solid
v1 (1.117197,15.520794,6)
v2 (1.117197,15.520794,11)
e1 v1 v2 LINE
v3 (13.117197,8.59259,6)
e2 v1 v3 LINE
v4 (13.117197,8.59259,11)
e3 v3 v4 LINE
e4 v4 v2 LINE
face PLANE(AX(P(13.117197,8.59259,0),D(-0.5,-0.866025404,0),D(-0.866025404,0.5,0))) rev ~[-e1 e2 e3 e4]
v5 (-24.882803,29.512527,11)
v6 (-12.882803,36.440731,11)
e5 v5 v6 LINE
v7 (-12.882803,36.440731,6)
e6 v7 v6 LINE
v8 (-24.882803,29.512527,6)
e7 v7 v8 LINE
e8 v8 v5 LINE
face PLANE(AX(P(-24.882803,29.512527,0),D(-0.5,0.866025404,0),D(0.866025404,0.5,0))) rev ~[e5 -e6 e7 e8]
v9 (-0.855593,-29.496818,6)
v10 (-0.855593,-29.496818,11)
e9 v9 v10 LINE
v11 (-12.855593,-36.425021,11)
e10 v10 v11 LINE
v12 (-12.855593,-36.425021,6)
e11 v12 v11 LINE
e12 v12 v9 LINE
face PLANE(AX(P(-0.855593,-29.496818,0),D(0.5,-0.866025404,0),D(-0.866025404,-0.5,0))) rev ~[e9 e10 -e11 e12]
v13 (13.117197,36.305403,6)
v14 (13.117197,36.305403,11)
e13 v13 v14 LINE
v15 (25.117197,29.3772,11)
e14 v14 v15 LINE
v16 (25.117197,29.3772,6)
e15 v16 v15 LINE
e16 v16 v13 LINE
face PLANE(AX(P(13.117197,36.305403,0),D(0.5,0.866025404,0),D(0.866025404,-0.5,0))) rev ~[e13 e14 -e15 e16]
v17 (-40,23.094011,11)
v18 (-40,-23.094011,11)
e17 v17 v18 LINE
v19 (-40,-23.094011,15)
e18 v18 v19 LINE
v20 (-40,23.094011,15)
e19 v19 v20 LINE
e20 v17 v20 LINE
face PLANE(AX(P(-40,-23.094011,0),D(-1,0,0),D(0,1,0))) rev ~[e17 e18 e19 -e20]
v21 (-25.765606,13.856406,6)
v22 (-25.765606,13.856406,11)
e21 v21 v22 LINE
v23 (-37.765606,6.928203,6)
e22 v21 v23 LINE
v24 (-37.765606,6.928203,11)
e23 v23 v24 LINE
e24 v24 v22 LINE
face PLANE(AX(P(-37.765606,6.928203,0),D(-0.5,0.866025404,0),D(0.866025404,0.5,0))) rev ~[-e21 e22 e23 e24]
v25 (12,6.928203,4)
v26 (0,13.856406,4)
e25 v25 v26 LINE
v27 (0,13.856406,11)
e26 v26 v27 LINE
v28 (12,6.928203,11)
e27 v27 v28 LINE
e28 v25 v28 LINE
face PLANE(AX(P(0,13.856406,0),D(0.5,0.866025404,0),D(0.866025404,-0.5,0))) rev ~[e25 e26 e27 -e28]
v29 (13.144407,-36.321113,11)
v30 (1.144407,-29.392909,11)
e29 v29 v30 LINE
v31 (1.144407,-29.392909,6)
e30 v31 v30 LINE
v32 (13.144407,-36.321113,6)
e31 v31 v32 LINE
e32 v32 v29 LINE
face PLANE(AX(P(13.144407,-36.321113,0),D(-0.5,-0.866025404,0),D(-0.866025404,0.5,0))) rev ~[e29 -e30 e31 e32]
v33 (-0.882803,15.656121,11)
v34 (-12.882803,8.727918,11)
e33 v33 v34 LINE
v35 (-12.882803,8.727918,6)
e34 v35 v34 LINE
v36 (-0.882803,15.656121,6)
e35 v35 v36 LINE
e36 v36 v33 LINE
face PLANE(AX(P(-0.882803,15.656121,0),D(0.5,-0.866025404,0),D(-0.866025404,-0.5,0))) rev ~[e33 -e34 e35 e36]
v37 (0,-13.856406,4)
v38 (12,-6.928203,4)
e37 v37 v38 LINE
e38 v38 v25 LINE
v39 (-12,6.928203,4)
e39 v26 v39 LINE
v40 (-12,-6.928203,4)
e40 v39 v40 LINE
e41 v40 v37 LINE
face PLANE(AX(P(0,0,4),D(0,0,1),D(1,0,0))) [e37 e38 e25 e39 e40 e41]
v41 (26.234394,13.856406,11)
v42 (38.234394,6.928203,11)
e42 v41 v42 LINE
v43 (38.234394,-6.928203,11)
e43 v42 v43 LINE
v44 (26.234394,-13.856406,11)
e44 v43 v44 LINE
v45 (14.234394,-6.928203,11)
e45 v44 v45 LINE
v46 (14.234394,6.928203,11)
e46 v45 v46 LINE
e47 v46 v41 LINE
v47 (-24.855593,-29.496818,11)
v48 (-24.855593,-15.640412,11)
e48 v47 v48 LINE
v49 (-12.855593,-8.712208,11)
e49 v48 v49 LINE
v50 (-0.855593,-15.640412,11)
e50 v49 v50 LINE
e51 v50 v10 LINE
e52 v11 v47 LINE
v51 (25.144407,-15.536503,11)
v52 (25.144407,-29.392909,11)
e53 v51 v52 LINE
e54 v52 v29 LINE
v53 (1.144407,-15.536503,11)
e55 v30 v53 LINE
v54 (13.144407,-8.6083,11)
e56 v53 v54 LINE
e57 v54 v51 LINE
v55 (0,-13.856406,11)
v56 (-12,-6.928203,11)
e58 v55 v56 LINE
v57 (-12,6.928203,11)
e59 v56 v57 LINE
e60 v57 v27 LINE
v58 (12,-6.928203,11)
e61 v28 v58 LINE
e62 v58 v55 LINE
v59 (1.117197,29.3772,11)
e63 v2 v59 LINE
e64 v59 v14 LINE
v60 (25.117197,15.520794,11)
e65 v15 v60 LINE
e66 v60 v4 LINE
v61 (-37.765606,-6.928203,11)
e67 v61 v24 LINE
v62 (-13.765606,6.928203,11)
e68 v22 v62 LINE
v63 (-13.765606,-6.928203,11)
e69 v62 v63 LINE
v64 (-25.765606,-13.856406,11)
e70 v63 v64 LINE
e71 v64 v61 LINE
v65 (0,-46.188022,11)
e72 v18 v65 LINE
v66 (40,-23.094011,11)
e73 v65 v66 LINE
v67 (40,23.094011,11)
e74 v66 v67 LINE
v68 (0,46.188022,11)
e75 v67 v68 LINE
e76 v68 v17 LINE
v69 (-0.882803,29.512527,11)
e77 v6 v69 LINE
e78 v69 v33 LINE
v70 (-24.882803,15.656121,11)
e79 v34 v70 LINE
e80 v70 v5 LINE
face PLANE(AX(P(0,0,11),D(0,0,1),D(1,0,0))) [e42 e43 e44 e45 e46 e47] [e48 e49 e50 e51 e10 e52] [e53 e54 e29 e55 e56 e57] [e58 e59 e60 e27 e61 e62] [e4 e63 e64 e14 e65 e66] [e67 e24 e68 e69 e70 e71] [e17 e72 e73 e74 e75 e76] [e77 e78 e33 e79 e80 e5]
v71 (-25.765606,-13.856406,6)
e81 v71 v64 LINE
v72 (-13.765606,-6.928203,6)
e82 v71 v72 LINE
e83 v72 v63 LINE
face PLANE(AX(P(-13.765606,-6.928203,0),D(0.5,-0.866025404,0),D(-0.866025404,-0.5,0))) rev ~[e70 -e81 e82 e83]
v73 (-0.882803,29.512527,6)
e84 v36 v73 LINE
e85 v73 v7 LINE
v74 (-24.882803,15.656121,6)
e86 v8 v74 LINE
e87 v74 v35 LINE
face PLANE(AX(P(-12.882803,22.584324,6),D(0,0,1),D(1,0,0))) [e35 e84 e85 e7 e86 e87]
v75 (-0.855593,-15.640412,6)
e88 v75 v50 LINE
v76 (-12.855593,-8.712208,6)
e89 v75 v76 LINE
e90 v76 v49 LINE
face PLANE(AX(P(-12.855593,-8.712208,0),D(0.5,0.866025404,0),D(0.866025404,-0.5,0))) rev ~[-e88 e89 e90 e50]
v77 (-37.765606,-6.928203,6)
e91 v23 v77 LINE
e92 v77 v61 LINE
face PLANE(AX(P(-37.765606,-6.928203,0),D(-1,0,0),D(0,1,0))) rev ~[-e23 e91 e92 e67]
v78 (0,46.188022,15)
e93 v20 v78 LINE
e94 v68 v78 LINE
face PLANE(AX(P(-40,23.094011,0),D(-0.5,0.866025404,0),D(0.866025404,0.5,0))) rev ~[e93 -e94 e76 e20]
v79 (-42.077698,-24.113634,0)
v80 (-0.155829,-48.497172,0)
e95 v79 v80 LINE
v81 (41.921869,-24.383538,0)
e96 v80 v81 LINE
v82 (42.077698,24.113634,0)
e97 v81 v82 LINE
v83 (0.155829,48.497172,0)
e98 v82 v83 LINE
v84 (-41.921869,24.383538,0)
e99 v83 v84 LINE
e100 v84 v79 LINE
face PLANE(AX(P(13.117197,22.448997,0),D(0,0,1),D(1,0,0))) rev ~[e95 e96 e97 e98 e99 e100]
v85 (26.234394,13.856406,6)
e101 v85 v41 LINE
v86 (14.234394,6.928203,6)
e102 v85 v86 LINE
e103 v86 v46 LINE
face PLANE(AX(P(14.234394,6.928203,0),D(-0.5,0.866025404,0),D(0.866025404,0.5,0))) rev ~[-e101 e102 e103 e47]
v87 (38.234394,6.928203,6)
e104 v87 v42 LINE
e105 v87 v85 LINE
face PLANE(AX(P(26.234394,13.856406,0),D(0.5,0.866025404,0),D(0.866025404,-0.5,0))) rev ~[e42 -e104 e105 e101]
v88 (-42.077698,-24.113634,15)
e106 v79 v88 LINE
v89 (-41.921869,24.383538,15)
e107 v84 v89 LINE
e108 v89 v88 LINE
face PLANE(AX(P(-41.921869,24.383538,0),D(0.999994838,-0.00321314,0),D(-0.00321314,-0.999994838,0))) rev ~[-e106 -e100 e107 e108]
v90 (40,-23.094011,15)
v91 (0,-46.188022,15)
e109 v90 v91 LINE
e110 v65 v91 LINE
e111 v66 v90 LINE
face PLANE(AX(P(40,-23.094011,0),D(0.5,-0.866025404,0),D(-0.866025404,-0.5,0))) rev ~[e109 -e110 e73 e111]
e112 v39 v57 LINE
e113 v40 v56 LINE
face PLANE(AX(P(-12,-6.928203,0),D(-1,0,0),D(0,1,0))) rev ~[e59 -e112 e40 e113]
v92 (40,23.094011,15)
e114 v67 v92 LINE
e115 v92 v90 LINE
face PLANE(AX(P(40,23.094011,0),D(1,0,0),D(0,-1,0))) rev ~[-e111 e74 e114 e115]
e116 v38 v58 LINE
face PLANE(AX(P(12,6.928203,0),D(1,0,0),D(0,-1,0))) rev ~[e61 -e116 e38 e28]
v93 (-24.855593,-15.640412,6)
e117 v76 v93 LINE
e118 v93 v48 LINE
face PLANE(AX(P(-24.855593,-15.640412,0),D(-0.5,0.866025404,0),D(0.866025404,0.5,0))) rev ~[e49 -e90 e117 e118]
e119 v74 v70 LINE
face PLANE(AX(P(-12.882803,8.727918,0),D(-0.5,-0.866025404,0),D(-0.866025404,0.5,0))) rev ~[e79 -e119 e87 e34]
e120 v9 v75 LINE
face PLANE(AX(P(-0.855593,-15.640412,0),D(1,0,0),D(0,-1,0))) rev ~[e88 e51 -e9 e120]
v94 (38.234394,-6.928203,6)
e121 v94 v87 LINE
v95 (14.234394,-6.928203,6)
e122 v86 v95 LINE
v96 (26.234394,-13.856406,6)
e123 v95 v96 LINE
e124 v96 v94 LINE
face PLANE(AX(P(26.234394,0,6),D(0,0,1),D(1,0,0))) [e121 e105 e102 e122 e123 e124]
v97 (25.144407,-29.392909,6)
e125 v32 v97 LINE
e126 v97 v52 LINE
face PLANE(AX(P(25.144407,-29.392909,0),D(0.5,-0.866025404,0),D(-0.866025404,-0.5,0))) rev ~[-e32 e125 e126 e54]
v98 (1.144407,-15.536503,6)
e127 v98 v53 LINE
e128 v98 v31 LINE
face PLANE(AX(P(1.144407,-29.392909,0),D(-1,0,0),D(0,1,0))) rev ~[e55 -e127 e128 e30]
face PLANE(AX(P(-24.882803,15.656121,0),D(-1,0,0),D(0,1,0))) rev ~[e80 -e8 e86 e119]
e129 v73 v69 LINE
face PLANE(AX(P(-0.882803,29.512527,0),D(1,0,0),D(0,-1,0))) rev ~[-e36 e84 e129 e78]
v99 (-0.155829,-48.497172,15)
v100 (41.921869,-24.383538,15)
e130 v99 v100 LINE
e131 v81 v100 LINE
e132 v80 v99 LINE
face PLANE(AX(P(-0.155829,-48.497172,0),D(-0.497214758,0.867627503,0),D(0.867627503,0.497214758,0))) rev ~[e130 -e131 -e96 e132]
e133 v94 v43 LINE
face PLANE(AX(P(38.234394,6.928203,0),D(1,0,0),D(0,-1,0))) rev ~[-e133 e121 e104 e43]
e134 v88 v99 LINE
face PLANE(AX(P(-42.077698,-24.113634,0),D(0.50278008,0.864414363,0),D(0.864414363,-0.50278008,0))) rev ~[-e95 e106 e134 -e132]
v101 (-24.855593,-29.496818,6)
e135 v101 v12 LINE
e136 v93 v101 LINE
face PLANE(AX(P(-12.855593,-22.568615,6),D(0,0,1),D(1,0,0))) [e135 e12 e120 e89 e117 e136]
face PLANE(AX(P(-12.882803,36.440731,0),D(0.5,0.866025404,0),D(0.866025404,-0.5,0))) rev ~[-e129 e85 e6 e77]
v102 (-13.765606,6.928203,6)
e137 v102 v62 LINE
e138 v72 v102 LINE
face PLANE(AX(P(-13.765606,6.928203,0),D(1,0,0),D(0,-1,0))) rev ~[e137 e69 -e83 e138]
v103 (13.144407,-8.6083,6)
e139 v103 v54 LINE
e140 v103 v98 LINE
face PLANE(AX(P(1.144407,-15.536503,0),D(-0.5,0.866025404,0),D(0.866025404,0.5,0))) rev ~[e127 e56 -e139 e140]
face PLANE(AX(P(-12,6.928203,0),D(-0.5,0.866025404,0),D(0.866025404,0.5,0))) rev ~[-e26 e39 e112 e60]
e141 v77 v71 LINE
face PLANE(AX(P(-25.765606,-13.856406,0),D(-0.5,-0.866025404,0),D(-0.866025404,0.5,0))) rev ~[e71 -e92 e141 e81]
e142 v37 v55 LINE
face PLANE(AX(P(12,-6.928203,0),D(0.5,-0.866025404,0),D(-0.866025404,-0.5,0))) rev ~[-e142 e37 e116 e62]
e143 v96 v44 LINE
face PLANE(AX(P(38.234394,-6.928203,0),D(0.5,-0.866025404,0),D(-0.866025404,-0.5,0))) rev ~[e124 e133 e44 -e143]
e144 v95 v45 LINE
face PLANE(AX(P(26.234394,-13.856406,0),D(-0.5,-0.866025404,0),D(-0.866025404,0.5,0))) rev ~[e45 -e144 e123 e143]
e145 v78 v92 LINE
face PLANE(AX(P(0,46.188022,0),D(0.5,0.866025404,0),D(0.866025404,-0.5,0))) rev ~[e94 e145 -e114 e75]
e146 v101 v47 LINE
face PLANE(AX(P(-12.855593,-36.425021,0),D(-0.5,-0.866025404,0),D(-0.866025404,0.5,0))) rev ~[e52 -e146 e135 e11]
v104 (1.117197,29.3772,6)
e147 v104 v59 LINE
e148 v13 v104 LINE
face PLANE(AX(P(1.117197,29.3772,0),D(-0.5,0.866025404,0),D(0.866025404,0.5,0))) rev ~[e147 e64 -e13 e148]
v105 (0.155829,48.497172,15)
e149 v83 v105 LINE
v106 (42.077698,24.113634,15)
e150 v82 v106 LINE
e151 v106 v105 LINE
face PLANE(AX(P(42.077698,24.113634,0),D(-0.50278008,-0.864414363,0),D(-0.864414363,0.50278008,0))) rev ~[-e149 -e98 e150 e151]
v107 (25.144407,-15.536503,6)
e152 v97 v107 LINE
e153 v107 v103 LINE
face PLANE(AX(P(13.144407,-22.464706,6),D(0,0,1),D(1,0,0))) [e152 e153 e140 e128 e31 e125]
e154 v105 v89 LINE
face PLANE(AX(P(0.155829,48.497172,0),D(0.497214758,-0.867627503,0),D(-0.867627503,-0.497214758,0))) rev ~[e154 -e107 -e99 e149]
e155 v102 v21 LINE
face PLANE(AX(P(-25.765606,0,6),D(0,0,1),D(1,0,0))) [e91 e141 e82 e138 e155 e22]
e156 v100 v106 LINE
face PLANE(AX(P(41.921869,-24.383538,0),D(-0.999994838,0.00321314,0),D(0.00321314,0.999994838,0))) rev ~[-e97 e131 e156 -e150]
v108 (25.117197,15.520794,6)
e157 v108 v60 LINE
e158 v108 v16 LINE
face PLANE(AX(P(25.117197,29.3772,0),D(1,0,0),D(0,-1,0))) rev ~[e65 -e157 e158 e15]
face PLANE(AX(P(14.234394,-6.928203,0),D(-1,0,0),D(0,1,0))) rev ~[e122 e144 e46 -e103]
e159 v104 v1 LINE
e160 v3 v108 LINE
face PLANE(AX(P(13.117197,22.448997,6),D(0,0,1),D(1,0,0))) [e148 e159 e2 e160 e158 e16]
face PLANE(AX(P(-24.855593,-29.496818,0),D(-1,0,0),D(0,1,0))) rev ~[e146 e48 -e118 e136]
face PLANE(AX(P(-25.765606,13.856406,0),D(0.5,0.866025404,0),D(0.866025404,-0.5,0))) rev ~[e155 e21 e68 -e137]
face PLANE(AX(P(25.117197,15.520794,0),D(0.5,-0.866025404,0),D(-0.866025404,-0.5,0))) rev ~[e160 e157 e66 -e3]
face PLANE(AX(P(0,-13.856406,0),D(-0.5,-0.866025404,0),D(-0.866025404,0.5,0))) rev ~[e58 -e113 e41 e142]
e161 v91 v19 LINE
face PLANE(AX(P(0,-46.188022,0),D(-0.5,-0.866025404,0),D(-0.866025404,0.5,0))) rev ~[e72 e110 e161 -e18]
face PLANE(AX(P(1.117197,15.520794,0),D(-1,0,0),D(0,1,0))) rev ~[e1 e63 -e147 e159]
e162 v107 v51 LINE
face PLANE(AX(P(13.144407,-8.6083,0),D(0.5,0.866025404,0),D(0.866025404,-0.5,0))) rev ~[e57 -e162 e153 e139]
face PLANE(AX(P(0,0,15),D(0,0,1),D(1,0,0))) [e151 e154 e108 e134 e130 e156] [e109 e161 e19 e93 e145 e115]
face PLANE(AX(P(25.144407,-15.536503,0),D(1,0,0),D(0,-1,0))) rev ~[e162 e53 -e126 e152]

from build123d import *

# Parameters (mm, degrees)
F1_DEPTH = 15
F2_DEPTH = 11
F3_DEPTH = 4
F4_DEPTH = 2


with BuildPart() as f1:
    # F0 (on Top) → F1 (new body)
    with BuildSketch(Plane.XY):
        Polygon((42.0776976909, 24.1136342559), (0.1558290023, 48.4971722611), (-41.9218686887, 24.3835380051), (-42.0776976909, -24.1136342559), (-0.1558290023, -48.4971722611), (41.9218686887, -24.3835380051), align=None)
        Polygon((-40, 23.0940107676), (0, 46.1880215352), (40, 23.0940107676), (40, -23.0940107676), (0, -46.1880215352), (-40, -23.0940107676), align=None, mode=Mode.SUBTRACT)
    extrude(amount=F1_DEPTH)

    # F0 (on Top) → F2 (join)
    with BuildSketch(Plane.XY):
        Polygon((40, 23.0940107676), (0, 46.1880215352), (-40, 23.0940107676), (-40, -23.0940107676), (0, -46.1880215352), (40, -23.0940107676), align=None)
        Polygon((-12.8555934585, -8.7122082831), (-0.8555934585, -15.6404115134), (-0.8555934585, -29.4968179739), (-12.8555934585, -36.4250212042), (-24.8555934585, -29.4968179739), (-24.8555934585, -15.6404115134), align=None, mode=Mode.SUBTRACT)
        Polygon((13.1444065415, -8.6082997926), (25.1444065415, -15.5365030229), (25.1444065415, -29.3929094834), (13.1444065415, -36.3211127137), (1.1444065415, -29.3929094834), (1.1444065415, -15.5365030229), align=None, mode=Mode.SUBTRACT)
        Polygon((-25.7656060661, 13.8564064606), (-13.7656060661, 6.9282032303), (-13.7656060661, -6.9282032303), (-25.7656060661, -13.8564064606), (-37.7656060661, -6.9282032303), (-37.7656060661, 6.9282032303), align=None, mode=Mode.SUBTRACT)
        Polygon((-12.882803033, 36.4407306594), (-0.882803033, 29.5125274291), (-0.882803033, 15.6561209685), (-12.882803033, 8.7279177383), (-24.882803033, 15.6561209685), (-24.882803033, 29.5125274291), align=None, mode=Mode.SUBTRACT)
        Polygon((0, 13.8564064606), (12, 6.9282032303), (12, -6.9282032303), (0, -13.8564064606), (-12, -6.9282032303), (-12, 6.9282032303), align=None, mode=Mode.SUBTRACT)
        Polygon((13.117196967, 36.3054032585), (25.117196967, 29.3772000282), (25.117196967, 15.5207935677), (13.117196967, 8.5925903374), (1.117196967, 15.5207935677), (1.117196967, 29.3772000282), align=None, mode=Mode.SUBTRACT)
        Polygon((26.2343939339, 13.8564064606), (38.2343939339, 6.9282032303), (38.2343939339, -6.9282032303), (26.2343939339, -13.8564064606), (14.2343939339, -6.9282032303), (14.2343939339, 6.9282032303), align=None, mode=Mode.SUBTRACT)
    extrude(amount=F2_DEPTH)

    # F0 (on Top) → F3 (join)
    with BuildSketch(Plane.XY):
        Polygon((25.117196967, 15.5207935677), (25.117196967, 29.3772000282), (13.117196967, 36.3054032585), (1.117196967, 29.3772000282), (1.117196967, 15.5207935677), (13.117196967, 8.5925903374), align=None)
        Polygon((-0.882803033, 15.6561209685), (-0.882803033, 29.5125274291), (-12.882803033, 36.4407306594), (-24.882803033, 29.5125274291), (-24.882803033, 15.6561209685), (-12.882803033, 8.7279177383), align=None)
        Polygon((-13.7656060661, -6.9282032303), (-13.7656060661, 6.9282032303), (-25.7656060661, 13.8564064606), (-37.7656060661, 6.9282032303), (-37.7656060661, -6.9282032303), (-25.7656060661, -13.8564064606), align=None)
        Polygon((12, -6.9282032303), (12, 6.9282032303), (0, 13.8564064606), (-12, 6.9282032303), (-12, -6.9282032303), (0, -13.8564064606), align=None)
        Polygon((38.2343939339, -6.9282032303), (38.2343939339, 6.9282032303), (26.2343939339, 13.8564064606), (14.2343939339, 6.9282032303), (14.2343939339, -6.9282032303), (26.2343939339, -13.8564064606), align=None)
        Polygon((25.1444065415, -29.3929094834), (25.1444065415, -15.5365030229), (13.1444065415, -8.6082997926), (1.1444065415, -15.5365030229), (1.1444065415, -29.3929094834), (13.1444065415, -36.3211127137), align=None)
        Polygon((-0.8555934585, -29.4968179739), (-0.8555934585, -15.6404115134), (-12.8555934585, -8.7122082831), (-24.8555934585, -15.6404115134), (-24.8555934585, -29.4968179739), (-12.8555934585, -36.4250212042), align=None)
    extrude(amount=F3_DEPTH)

    # F4 (add): faces of the model
    f4_faces = [f1.faces().sort_by_distance(p)[0] for p in [
        (-25.7656060661, 0, 4),
        (-12.882803033, 22.5843241988, 4),
        (13.117196967, 22.448996798, 4),
        (26.2343939339, 0, 4),
        (13.1444065415, -22.4647062531, 4),
        (-12.8555934585, -22.5686147437, 4),
    ]]
    extrude(f4_faces, amount=F4_DEPTH)


solid = f1.part
